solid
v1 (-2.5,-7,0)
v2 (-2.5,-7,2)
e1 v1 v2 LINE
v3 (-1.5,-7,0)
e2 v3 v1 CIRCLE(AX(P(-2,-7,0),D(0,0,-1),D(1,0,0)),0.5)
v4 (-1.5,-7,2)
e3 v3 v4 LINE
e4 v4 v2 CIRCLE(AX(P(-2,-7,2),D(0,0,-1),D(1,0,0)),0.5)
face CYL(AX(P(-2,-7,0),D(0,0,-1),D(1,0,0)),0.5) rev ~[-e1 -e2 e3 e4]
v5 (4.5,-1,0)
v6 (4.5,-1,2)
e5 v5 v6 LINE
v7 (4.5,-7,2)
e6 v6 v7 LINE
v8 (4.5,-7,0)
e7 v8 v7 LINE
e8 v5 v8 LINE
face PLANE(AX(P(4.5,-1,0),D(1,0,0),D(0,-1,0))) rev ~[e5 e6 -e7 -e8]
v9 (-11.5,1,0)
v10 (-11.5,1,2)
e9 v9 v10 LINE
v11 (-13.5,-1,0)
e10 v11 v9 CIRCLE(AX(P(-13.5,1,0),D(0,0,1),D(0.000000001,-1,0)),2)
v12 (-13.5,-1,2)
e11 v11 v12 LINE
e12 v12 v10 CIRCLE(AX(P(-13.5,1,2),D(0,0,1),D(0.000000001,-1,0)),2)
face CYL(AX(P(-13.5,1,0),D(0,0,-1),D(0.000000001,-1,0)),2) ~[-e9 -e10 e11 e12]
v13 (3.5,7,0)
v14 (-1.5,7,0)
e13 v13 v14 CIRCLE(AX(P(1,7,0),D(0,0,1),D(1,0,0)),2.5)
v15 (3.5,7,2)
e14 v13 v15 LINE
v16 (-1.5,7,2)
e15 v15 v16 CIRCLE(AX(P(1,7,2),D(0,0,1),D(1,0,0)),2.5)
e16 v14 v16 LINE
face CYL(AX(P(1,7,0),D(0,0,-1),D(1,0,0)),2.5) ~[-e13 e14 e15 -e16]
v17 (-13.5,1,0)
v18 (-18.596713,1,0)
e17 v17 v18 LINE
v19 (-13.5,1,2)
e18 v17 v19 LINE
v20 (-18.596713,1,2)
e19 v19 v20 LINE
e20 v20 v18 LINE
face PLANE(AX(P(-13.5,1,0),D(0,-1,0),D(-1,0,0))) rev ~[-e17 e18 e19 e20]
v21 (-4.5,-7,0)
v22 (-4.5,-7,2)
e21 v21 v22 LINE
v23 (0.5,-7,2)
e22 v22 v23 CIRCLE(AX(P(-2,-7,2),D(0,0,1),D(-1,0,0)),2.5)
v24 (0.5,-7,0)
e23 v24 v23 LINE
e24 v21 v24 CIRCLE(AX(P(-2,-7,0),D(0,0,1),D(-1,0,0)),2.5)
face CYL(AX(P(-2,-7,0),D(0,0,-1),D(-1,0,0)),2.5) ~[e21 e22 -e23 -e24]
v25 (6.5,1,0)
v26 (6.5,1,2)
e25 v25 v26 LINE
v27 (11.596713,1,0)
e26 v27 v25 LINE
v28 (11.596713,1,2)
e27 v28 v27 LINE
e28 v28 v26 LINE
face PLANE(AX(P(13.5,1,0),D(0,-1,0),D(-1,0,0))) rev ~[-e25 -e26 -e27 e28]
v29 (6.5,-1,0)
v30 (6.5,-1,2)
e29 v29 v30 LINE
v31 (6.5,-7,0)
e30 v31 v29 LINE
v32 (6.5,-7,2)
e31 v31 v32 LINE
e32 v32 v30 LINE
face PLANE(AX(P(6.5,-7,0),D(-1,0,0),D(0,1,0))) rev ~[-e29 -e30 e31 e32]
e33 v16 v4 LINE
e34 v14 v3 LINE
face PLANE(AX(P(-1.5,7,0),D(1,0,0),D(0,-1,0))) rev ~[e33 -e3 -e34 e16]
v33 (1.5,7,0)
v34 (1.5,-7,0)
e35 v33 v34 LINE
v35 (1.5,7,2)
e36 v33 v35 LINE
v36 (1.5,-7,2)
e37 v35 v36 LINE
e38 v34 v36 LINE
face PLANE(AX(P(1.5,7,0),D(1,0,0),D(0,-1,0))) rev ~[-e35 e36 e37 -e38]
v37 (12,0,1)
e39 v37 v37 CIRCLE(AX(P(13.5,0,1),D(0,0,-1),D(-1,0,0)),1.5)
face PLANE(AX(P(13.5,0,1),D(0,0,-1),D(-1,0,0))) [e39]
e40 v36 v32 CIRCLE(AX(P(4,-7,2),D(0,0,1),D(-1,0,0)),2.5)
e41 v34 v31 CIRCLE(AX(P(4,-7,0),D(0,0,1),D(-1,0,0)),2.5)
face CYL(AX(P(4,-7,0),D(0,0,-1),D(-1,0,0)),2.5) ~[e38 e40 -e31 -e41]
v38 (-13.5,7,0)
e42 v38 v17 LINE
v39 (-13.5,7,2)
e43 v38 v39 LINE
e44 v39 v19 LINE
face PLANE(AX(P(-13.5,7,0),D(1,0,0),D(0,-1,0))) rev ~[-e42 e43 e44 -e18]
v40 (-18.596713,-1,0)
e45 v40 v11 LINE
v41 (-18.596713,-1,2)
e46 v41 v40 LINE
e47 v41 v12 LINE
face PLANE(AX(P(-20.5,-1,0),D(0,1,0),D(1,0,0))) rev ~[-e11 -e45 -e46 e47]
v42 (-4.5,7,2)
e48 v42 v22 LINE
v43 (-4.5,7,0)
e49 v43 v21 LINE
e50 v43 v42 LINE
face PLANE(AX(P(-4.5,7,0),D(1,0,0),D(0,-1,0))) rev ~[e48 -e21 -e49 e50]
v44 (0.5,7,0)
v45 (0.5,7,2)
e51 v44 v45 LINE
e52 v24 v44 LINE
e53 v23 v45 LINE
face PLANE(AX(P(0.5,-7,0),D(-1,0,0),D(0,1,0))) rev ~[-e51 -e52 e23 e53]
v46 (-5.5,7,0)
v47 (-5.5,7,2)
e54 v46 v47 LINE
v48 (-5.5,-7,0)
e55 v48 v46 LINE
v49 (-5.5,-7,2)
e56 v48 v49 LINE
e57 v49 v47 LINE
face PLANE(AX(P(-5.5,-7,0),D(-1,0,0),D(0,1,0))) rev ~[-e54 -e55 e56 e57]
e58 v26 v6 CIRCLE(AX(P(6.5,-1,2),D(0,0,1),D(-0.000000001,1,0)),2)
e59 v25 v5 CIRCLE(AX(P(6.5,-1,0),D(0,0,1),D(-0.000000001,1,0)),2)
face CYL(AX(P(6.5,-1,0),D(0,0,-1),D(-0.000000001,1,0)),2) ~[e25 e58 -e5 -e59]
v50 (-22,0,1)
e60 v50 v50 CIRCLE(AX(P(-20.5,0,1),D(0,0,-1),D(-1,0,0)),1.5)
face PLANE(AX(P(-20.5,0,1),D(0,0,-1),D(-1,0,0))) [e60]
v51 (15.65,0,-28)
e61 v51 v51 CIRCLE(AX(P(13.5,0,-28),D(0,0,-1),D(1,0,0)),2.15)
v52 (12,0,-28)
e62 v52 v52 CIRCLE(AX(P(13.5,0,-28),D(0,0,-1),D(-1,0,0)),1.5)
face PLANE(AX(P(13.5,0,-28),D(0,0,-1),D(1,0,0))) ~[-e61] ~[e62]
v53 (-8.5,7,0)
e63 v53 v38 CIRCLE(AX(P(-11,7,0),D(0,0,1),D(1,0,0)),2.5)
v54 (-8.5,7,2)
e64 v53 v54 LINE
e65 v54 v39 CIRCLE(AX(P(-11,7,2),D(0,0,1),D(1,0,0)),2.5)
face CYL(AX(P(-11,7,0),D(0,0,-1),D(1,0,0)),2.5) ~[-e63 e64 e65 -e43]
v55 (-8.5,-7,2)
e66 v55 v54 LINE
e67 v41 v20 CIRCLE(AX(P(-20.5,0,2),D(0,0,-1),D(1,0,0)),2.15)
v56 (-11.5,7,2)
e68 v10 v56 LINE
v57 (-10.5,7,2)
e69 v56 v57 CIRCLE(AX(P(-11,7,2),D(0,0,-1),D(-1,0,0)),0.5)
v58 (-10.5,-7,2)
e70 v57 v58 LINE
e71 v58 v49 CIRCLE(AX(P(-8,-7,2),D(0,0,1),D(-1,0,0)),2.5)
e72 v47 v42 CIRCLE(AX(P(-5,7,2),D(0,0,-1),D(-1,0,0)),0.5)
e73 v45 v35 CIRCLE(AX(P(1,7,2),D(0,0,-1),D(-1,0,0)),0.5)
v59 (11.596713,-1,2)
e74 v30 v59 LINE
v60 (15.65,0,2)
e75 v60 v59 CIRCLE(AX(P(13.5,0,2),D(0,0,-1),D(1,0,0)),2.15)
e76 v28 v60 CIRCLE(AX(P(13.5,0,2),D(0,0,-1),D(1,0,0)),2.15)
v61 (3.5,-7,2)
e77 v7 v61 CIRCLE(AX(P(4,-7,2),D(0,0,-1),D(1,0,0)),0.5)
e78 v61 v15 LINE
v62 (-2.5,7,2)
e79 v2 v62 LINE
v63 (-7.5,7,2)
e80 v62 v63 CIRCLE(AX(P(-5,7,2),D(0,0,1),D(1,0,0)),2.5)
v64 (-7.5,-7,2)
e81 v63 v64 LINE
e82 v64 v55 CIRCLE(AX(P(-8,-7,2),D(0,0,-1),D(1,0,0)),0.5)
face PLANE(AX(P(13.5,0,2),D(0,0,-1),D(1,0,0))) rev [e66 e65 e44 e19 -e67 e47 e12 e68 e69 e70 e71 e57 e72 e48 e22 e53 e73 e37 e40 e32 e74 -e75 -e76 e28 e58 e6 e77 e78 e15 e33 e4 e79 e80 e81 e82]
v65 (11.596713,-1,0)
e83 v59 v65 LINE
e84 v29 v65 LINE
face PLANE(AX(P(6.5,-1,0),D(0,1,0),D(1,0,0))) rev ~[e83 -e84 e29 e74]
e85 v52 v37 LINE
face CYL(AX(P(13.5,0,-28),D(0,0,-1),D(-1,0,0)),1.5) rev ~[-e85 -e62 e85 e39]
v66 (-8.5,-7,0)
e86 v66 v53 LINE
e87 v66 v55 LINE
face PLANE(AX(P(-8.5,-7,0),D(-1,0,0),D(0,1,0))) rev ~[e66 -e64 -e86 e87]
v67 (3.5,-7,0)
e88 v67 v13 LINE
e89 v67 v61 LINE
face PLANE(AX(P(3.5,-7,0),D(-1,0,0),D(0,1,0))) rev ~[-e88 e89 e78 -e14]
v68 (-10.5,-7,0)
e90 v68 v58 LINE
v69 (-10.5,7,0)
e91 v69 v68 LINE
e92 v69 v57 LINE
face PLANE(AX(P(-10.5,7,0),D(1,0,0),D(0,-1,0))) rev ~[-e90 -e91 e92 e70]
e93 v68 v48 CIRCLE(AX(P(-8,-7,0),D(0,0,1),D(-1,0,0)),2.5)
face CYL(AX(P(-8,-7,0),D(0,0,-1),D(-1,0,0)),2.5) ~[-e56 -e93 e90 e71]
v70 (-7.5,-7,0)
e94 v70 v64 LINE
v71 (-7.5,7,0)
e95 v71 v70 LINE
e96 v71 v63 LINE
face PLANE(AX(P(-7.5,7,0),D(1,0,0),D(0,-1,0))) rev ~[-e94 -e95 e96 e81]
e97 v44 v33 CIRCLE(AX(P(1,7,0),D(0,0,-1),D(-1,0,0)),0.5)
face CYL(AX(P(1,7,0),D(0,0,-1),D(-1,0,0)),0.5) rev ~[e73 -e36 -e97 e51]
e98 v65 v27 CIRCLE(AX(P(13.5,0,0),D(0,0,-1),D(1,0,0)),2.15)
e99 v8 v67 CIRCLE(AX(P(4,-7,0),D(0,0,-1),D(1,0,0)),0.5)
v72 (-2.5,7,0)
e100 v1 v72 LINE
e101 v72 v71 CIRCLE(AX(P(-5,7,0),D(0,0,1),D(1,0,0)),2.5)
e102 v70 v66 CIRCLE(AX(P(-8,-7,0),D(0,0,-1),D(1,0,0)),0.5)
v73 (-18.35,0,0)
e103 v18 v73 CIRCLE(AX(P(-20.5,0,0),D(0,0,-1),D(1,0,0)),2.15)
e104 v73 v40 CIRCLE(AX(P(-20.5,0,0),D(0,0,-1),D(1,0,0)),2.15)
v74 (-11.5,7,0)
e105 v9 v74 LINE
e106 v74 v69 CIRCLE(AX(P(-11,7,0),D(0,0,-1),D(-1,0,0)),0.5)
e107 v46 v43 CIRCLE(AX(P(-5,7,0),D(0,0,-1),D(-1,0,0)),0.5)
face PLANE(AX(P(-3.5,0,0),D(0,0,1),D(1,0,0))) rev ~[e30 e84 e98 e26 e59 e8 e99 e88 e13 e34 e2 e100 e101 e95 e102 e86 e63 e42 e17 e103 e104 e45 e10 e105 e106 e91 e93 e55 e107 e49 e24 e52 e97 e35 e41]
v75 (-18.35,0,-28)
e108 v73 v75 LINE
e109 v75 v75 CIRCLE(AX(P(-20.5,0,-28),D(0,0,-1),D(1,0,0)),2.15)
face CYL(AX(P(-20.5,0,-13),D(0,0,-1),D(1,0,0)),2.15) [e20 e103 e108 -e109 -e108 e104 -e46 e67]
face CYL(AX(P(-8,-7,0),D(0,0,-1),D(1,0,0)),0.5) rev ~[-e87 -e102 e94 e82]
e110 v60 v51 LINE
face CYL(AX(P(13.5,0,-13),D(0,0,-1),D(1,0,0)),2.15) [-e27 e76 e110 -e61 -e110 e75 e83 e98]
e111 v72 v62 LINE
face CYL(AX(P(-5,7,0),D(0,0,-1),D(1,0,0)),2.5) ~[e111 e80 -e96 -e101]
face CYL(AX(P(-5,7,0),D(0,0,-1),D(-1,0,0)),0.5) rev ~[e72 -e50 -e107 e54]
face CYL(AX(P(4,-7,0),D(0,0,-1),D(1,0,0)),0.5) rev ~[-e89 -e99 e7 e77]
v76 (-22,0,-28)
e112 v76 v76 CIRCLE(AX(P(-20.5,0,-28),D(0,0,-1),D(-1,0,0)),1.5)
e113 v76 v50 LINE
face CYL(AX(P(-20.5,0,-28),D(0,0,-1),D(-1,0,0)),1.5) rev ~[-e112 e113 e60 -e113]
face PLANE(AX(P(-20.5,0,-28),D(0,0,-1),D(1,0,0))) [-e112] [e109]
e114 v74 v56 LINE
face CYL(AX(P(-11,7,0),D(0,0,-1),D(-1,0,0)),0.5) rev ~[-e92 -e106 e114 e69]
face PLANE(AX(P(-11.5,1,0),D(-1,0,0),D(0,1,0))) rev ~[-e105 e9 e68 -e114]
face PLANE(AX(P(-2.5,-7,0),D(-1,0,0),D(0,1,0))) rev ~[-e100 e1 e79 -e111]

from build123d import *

# Parameters (mm, degrees)
BOSS_EXTRUDE1_DEPTH = 2
SKETCH3_W           = 2.15
SKETCH3_H           = 30
SKETCH4_W           = 2.15
SKETCH4_H           = 30
SKETCH6_R           = 1.5
CUT_EXTRUDE1_DEPTH  = 29


with BuildPart() as part:
    # Sketch2 → Boss-Extrude1 (new body)
    with BuildSketch(Plane.XY):
        with BuildLine():
            Line((-20.5, -1), (-13.5, -1))
            ThreePointArc((-13.5, -1), (-12.085786438, -0.414213562), (-11.5, 1))
            Line((-11.5, 1), (-11.5, 7))
            ThreePointArc((-11.5, 7), (-11, 7.5), (-10.5, 7))
            Line((-10.5, 7), (-10.5, 0))
            Line((-10.5, 0), (-10.5, -7))
            ThreePointArc((-10.5, -7), (-8, -9.5), (-5.5, -7))
            Line((-5.5, -7), (-5.5, 0))
            Line((-5.5, 0), (-5.5, 7))
            ThreePointArc((-5.5, 7), (-5, 7.5), (-4.5, 7))
            Line((-4.5, 7), (-4.5, 0))
            Line((-4.5, 0), (-4.5, -7))
            ThreePointArc((-4.5, -7), (-2, -9.5), (0.5, -7))
            Line((0.5, -7), (0.5, 0))
            Line((0.5, 0), (0.5, 7))
            ThreePointArc((0.5, 7), (1, 7.5), (1.5, 7))
            Line((1.5, 7), (1.5, 0))
            Line((1.5, 0), (1.5, -7))
            ThreePointArc((1.5, -7), (4, -9.5), (6.5, -7))
            Line((6.5, -7), (6.5, -1))
            Line((6.5, -1), (13.5, -1))
            ThreePointArc((13.5, -1), (14.5, 0), (13.5, 1))
            Line((13.5, 1), (6.5, 1))
            ThreePointArc((6.5, 1), (5.085786438, 0.414213562), (4.5, -1))
            Line((4.5, -1), (4.5, -7))
            ThreePointArc((4.5, -7), (4, -7.5), (3.5, -7))
            Line((3.5, -7), (3.5, 0))
            Line((3.5, 0), (3.5, 7))
            ThreePointArc((3.5, 7), (1, 9.5), (-1.5, 7))
            Line((-1.5, 7), (-1.5, 0))
            Line((-1.5, 0), (-1.5, -7))
            ThreePointArc((-1.5, -7), (-2, -7.5), (-2.5, -7))
            Line((-2.5, -7), (-2.5, 0))
            Line((-2.5, 0), (-2.5, 7))
            ThreePointArc((-2.5, 7), (-5, 9.5), (-7.5, 7))
            Line((-7.5, 7), (-7.5, 0))
            Line((-7.5, 0), (-7.5, -7))
            ThreePointArc((-7.5, -7), (-8, -7.5), (-8.5, -7))
            Line((-8.5, -7), (-8.5, 0))
            Line((-8.5, 0), (-8.5, 7))
            ThreePointArc((-8.5, 7), (-11, 9.5), (-13.5, 7))
            Line((-13.5, 7), (-13.5, 1))
            Line((-13.5, 1), (-20.5, 1))
            ThreePointArc((-20.5, 1), (-21.5, 0), (-20.5, -1))
        make_face()
    extrude(amount=BOSS_EXTRUDE1_DEPTH)

    # Sketch3 → Revolve1 (revolve)
    with BuildSketch(Plane(origin=(0, 0, 0), x_dir=(1, 0, 0), z_dir=(0, 1, 0)), mode=Mode.PRIVATE) as revolve1_sk:
        with Locations((-21.575, 13)):
            Rectangle(SKETCH3_W, SKETCH3_H)
    revolve(revolve1_sk.sketch.rotate(Axis((-20.5, 0, 2), (0, 0, -1)), 180), axis=Axis((-20.5, 0, 2), (0, 0, -1)))

    # Sketch4 → Revolve2 (revolve)
    with BuildSketch(Plane(origin=(0, 0, 0), x_dir=(1, 0, 0), z_dir=(0, 1, 0))):
        with Locations((14.575, 13)):
            Rectangle(SKETCH4_W, SKETCH4_H)
    revolve(axis=Axis((13.5, 0, 2), (0, 0, -1)))

    # Sketch6 → Cut-Extrude1 (cut)
    with BuildSketch(Plane(origin=(0, 0, -28), x_dir=(-1, 0, 0), z_dir=(0, 0, -1))):
        with Locations((-13.5, 0)):
            Circle(SKETCH6_R)
        with Locations((20.5, 0)):
            Circle(SKETCH6_R)
    extrude(amount=-CUT_EXTRUDE1_DEPTH, mode=Mode.SUBTRACT)


solid = part.part
